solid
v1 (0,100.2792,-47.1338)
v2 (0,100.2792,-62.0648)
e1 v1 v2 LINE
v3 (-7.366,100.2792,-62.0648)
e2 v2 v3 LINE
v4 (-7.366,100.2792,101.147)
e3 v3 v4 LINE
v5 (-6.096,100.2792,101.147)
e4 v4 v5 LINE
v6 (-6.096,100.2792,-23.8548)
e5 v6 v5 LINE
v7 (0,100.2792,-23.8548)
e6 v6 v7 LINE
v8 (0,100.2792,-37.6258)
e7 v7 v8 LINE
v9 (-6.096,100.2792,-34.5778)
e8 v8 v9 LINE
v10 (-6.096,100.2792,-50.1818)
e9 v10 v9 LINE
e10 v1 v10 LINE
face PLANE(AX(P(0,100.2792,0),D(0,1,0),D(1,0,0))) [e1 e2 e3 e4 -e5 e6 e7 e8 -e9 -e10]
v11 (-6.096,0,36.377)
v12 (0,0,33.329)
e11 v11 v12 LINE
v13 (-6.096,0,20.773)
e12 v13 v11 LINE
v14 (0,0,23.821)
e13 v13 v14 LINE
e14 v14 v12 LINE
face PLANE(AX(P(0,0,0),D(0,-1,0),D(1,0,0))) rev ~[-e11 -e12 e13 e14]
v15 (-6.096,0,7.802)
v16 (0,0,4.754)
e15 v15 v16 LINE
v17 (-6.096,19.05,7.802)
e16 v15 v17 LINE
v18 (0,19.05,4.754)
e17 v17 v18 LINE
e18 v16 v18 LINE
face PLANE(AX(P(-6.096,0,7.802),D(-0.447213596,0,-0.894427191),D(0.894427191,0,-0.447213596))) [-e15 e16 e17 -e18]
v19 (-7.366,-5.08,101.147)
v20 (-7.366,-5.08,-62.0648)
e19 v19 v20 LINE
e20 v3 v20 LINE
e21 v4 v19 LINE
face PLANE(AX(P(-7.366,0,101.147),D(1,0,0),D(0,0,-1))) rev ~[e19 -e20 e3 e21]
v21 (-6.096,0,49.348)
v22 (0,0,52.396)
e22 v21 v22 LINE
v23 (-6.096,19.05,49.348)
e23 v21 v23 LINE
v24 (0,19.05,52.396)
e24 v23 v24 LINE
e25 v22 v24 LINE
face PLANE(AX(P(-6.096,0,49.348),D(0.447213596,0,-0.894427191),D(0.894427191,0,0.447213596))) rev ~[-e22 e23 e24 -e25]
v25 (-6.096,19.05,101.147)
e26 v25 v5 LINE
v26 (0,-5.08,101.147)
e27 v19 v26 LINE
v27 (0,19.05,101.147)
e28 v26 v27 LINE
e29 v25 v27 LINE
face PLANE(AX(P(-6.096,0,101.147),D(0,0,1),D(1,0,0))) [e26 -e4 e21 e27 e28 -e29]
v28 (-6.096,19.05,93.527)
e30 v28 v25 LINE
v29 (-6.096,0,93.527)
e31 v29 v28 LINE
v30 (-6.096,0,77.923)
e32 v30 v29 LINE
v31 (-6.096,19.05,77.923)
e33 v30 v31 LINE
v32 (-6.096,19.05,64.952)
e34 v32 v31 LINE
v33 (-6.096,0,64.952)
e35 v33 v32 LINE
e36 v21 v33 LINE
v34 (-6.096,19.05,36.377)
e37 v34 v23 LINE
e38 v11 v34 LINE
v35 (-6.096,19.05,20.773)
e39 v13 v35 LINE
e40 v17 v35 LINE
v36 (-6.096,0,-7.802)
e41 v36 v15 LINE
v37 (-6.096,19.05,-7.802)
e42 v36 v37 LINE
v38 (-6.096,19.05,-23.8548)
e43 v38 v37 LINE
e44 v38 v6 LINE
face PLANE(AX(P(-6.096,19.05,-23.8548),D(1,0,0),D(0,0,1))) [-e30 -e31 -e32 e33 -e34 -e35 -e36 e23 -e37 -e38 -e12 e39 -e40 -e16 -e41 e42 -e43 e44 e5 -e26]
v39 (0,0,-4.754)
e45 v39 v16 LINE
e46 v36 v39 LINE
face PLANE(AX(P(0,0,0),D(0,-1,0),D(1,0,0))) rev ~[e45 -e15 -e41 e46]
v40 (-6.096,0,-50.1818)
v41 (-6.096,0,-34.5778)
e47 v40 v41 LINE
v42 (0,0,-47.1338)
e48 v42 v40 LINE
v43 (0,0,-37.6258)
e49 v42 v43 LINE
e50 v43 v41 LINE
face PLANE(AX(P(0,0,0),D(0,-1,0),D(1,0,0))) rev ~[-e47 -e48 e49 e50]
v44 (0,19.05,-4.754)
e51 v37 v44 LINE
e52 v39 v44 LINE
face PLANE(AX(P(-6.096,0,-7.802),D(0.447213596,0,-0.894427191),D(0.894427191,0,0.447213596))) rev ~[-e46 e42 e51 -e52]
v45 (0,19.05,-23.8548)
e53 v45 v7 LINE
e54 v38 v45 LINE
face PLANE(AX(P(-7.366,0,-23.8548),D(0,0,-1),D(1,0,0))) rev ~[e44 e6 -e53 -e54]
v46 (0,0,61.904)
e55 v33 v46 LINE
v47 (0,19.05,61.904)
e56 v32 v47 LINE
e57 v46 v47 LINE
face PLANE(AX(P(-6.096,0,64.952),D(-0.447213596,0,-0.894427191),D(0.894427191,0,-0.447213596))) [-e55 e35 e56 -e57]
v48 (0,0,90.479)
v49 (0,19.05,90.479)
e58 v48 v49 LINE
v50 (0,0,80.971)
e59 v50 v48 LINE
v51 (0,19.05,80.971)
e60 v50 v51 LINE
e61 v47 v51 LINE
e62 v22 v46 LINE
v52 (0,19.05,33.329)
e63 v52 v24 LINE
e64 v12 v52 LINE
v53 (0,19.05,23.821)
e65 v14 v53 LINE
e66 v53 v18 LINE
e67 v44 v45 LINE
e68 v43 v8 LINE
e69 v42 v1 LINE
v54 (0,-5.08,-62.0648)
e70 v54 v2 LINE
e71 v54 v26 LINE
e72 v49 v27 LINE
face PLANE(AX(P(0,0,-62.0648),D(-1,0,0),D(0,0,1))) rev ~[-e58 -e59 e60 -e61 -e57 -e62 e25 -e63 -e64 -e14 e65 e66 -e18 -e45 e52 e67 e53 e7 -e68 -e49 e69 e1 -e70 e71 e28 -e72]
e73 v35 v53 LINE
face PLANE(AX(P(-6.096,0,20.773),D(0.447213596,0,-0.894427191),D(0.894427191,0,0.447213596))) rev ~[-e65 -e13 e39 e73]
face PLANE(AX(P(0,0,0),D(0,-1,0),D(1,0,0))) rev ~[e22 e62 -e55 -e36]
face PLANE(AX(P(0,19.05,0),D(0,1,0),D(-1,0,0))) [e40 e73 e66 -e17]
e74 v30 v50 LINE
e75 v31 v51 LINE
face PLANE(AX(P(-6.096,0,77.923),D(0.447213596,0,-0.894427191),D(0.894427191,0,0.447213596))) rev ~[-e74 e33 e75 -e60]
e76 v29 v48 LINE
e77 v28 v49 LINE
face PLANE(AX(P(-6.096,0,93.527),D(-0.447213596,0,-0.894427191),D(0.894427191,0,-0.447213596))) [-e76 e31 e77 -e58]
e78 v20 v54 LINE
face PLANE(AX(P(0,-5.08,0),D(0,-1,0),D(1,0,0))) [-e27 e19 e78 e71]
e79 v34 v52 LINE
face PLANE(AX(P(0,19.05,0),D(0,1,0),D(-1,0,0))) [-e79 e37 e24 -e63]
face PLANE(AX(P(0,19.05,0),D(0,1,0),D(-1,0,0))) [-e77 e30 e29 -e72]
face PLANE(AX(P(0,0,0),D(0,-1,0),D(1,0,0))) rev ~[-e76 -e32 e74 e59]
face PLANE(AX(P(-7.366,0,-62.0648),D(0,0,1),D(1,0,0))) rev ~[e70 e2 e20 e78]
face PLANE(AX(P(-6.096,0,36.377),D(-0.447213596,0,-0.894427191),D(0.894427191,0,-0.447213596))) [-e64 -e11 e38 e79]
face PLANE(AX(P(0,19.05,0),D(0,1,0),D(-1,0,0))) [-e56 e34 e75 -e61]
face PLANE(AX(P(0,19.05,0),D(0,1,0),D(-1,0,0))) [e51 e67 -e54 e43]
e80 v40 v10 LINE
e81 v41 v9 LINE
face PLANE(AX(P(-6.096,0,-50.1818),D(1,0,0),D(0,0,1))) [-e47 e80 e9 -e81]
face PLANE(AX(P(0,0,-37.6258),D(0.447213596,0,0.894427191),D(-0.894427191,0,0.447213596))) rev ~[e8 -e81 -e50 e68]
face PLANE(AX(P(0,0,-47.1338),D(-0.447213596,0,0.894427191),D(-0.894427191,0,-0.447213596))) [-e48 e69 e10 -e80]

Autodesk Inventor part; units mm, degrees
ref_plane "YZ Plane" through (0, 0, 0) normal (1, 0, 0) x (0, 1, 0)
ref_plane "XZ Plane" through (0, 0, 0) normal (0, 1, 0) x (-1, 0, 0)
ref_plane "XY Plane" through (0, 0, 0) normal (0, 0, 1) x (1, 0, 0)
sketch "Sketch1" plane through (0, 0, 0) normal (0, 1, 0) x (-1, 0, 0)
  line L0 (7.366, 0.1452) -> (7.366, -23.8548)
  line L1 (7.366, -23.8548) -> (0, -23.8548)
  line L2 (6.096, 4.754) -> (6.096, -4.754)
  line L3 (0, 4.754) -> (0, 7.802)
  line L4 (6.096, 7.802) -> (6.096, 4.754)
  line L5 (0, -4.754) -> (0, -7.548)
  line L6 (6.096, -7.802) -> (6.096, -4.754)
  line L7 (6.096, 7.802) -> (0, 4.754)
  line L8 (6.096, -7.802) -> (0, -4.754)
  line L9 (0, -23.8548) -> (0, -4.754)
  line L10 (0, 4.754) -> (0, 23.821)
  line L11 (6.096, 20.773) -> (6.096, 23.821)
  line L12 (6.096, 20.773) -> (0, 23.821)
  line L13 (6.096, 36.377) -> (6.096, 33.329)
  line L14 (6.096, 36.377) -> (0, 33.329)
  line L15 (6.096, 33.329) -> (6.096, 23.821)
  line L16 (6.096, 49.348) -> (6.096, 52.396)
  line L17 (6.096, 49.348) -> (0, 52.396)
  line L18 (6.096, 64.952) -> (6.096, 61.904)
  line L19 (6.096, 64.952) -> (0, 61.904)
  line L20 (6.096, 61.904) -> (6.096, 52.396)
  line L21 (6.096, 77.923) -> (6.096, 80.971)
  line L22 (6.096, 77.923) -> (0, 80.971)
  line L23 (6.096, 93.527) -> (6.096, 90.479)
  line L24 (6.096, 93.527) -> (0, 90.479)
  line L25 (6.096, 90.479) -> (6.096, 80.971)
  line L26 (7.366, 0.1452) -> (7.366, 101.147)
  line L27 (7.366, 101.147) -> (0, 101.147)
  line L28 (0, 33.329) -> (0, 52.396)
  line L29 (0, 61.904) -> (0, 80.971)
  line L30 (0, 90.479) -> (0, 101.147)
  point P0 (0, 0)
  dimension "d0" = 7.366
  dimension "d1" = 24
  dimension "d8" = 9.508
  dimension "d9" = 4.754
  dimension "d10" = 3.048
  dimension "d11" = 3.048
  dimension "d12" = 6.096
  dimension "d17" = 28.575
  dimension "d23" = 7.62
  dimension "d24" = 16.0528
  dimension "d31" = 125.0018
extrude "MultipleTeeth" add sketch "Sketch1" along normal blind 19.05
sketch "Sketch2" plane through (0, 0, 0) normal (0, -1, 0) x (1, 0, 0)
  line L0 (0, 4.754) -> (-6.096, 7.802) construction
  line L1 (-6.096, 7.802) -> (-6.096, -7.802) construction
  line L2 (-6.096, -7.802) -> (0, -4.754) construction
  line L3 (0, 23.821) -> (0, 4.754) projected
  line L4 (0, 4.754) -> (-6.096, 7.802)
  line L5 (-6.096, -7.802) -> (0, -4.754) projected
  line L6 (-6.096, 7.802) -> (-6.096, -7.802) projected
  line L7 (-6.096, -7.802) -> (-6.096, 7.802)
  line L8 (0, -4.754) -> (-6.096, -7.802)
  line L9 (-7.366, -23.8548) -> (-7.366, 101.147) projected
  line L10 (-7.366, -59.508) -> (-7.366, -32.8548)
  line L11 (-7.366, -23.8548) -> (0, -23.8548)
  line L12 (-7.366, 101.147) -> (0, 101.147) projected
  line L13 (-7.366, -55.8503) -> (-7.366, -40.458) construction
  line L14 (0, -43.0234) -> (0, -59.508) construction
  line L15 (-6.096, -62.0648) -> (0, -62.0648) construction
  line L16 (0, -32.8548) -> (0, -37.6258)
  line L17 (0, -49.9828) -> (0, -62.0648)
  line L18 (0, -62.0648) -> (0, -59.508)
  line L19 (0, -32.8548) -> (-7.366, -32.8548) construction
  line L20 (0, -51.9048) -> (-7.366, -51.9048) construction
  line L21 (0, -42.3798) -> (-7.366, -42.3798) construction
  line L22 (-6.096, -7.802) -> (-6.096, -62.0648) construction
  line L23 (0, -37.6258) -> (-6.096, -34.5778)
  line L24 (-6.096, -50.1818) -> (-6.096, -34.5778)
  line L25 (0, -47.1338) -> (-6.096, -50.1818)
  line L26 (0, -4.754) -> (0, -23.8548) projected
  line L27 (0, -23.8548) -> (0, -32.8548)
  line L28 (-7.366, -32.8548) -> (-7.366, -23.8548)
  line L29 (0, -49.9828) -> (0, -47.1338)
  line L30 (0, -62.0648) -> (-7.366, -62.0648)
  line L31 (-7.366, -62.0648) -> (-7.366, -59.508)
  point P0 (0, 0)
  dimension "d25" = 125.0018
  dimension "d33" = 9
  dimension "d34" = 19.05
  dimension "d36" = 9.525
  dimension "d38" = 10.16
extrude "LongTooth" add sketch "Sketch2" against normal blind 100.2792
sketch "Sketch3" plane through (0, 19.05, 0) normal (0, 1, 0) x (1, 0, 0)
  line L0 (-6.096, -7.802) -> (-6.096, 7.802) construction
  line L1 (0, 23.8548) -> (-7.366, 23.8548) projected
  line L2 (-7.366, -101.147) -> (0, -101.147) projected
  line L3 (-7.366, 23.8548) -> (-6.096, 23.8548)
  line L4 (-6.096, 23.8548) -> (-6.096, -101.147)
  line L5 (-6.096, -101.147) -> (-7.366, -101.147)
  line L6 (-7.366, -101.147) -> (-7.366, 23.8548)
  point P0 (0, 0)
extrude "ThinPlate" add sketch "Sketch3" along normal up to surface (81.2292 mm away)
sketch "Sketch4" plane through (0, 0, 0) normal (0, -1, 0) x (1, 0, 0)
  line L0 (-6.096, 101.147) -> (0, 101.147) projected
  line L1 (-7.366, 101.147) -> (-7.366, -62.0648) projected
  line L2 (0, 101.147) -> (-7.366, 101.147)
  line L3 (-7.366, 101.147) -> (-7.366, -62.0648)
  line L4 (-7.366, -62.0648) -> (0, -62.0648)
  line L5 (0, -62.0648) -> (0, 101.147)
  point P0 (0, 0)
extrude "Extrusion4" add sketch "Sketch4" along normal blind 5.08
equation "\"d9\" = 0.5 * d8"
equation "\"d11\" = d10"
equation "\"d36\" = 0.5 * d34"
properties part number "Sliding test receiver copy"
